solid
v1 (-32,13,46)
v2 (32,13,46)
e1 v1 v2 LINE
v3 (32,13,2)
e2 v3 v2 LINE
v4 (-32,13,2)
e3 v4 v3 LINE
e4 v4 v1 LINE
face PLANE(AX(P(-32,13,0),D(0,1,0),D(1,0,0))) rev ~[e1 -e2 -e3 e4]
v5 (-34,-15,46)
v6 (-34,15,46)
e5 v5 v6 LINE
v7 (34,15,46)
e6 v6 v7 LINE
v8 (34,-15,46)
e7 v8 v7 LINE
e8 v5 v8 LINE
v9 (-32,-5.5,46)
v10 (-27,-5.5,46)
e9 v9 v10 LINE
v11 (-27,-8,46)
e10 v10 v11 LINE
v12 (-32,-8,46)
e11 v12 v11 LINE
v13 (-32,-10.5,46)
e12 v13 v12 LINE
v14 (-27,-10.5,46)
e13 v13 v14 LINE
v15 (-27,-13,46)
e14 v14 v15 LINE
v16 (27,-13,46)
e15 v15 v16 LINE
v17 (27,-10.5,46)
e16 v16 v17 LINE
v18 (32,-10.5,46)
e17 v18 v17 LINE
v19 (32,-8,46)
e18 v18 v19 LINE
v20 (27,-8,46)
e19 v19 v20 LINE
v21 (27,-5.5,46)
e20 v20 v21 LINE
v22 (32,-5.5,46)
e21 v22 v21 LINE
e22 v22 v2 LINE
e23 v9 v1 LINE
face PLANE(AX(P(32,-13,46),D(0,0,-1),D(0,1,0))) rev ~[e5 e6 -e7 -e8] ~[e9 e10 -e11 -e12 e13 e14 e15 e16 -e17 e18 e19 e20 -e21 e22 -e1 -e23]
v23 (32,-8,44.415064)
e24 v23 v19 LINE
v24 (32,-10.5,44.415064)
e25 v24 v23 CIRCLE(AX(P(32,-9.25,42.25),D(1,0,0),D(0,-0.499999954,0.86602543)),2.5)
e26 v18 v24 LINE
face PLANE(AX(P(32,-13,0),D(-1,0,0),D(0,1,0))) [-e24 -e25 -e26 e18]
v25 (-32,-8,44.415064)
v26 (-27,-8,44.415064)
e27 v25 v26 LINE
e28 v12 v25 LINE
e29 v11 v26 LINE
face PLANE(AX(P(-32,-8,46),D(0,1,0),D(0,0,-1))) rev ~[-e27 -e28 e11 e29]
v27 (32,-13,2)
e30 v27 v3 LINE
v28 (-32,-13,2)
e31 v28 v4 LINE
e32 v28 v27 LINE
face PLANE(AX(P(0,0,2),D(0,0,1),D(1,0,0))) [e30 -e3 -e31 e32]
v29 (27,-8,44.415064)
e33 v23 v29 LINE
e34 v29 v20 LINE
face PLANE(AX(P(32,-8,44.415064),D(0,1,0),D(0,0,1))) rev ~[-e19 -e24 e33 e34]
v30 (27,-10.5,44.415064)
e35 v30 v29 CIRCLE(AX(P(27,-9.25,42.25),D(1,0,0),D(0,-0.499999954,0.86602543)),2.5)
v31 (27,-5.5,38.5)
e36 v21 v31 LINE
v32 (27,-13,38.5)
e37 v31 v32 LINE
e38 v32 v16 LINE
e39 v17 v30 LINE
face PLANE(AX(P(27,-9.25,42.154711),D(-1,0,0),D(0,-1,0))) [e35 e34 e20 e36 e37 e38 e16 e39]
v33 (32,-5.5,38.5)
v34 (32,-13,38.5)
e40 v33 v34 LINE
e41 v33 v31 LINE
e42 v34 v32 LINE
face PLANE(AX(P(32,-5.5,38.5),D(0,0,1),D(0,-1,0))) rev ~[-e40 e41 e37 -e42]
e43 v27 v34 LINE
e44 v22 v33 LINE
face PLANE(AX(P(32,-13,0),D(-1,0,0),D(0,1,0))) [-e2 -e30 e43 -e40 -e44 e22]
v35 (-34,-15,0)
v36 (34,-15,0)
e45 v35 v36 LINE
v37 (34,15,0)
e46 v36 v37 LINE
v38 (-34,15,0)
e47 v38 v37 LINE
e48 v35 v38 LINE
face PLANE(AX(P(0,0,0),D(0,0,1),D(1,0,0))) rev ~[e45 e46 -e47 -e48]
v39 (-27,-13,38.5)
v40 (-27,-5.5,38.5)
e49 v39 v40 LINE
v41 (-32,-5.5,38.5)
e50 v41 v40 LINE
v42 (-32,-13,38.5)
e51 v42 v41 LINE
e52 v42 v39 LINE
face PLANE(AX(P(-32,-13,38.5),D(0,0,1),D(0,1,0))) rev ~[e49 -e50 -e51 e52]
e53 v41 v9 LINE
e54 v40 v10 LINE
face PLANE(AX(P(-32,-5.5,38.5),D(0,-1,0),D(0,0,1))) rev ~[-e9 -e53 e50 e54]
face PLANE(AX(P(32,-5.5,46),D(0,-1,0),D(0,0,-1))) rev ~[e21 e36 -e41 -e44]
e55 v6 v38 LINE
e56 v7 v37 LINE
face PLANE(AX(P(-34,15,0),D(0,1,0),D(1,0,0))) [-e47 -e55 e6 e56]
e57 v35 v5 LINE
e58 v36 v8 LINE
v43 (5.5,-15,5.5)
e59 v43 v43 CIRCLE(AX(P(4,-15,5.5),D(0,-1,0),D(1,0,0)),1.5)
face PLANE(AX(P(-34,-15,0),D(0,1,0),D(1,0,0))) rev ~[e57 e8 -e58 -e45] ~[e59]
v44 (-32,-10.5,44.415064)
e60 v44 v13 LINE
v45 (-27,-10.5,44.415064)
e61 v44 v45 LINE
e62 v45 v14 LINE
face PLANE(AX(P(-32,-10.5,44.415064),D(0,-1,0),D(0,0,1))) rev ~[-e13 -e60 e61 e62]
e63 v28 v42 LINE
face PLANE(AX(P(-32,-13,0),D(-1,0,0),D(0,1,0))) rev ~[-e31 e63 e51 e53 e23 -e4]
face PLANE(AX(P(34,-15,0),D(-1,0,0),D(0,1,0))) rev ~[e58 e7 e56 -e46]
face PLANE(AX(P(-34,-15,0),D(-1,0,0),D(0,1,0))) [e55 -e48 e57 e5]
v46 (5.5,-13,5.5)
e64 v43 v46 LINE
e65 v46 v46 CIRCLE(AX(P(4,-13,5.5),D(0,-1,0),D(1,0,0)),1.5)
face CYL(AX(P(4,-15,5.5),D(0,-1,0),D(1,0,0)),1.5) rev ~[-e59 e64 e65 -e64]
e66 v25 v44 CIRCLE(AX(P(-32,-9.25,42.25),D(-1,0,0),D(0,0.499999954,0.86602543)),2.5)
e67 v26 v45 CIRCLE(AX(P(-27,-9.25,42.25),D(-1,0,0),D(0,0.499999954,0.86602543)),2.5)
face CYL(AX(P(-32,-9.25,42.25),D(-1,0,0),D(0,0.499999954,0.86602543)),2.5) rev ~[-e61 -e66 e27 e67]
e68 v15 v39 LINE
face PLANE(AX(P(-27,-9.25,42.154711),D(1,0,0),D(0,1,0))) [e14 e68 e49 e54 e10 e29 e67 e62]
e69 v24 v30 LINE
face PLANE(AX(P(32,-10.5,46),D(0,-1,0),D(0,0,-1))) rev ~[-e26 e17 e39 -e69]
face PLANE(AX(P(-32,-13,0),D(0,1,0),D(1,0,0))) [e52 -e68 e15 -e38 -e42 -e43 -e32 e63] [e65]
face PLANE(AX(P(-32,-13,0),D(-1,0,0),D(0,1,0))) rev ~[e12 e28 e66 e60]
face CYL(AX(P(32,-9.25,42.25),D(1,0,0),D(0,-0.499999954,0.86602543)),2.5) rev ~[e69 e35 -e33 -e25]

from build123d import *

# Parameters (mm, degrees)
F0_W     = 68
F0_H     = 30
F0_W_2   = 64
F0_H_2   = 26
F1_DEPTH = 46
F2_DEPTH = 2
F3_R     = 1.5
F4_DEPTH = 3
F6_DEPTH = 5
F8_DEPTH = 5


with BuildPart() as f1:
    # F0 (on Top) → F1 (new body)
    with BuildSketch(Plane.XY):
        Rectangle(F0_W, F0_H)
        Rectangle(F0_W_2, F0_H_2, mode=Mode.SUBTRACT)
    extrude(amount=F1_DEPTH)

    # F0 (on Top) → F2 (join)
    with BuildSketch(Plane.XY):
        Rectangle(F0_W, F0_H)
        Rectangle(F0_W_2, F0_H_2, mode=Mode.SUBTRACT)
        Rectangle(F0_W_2, F0_H_2)
    extrude(amount=F2_DEPTH)

    # F3 (on face) → F4 (cut)
    with BuildSketch(Plane.XZ.offset(15)):
        with Locations((4, 5.5)):
            Circle(F3_R)
    extrude(amount=-F4_DEPTH, mode=Mode.SUBTRACT)

    # F5 (on face) → F6 (join)
    with BuildSketch(Plane.YZ.offset(-32)):
        with BuildLine():
            Line((-10.5, 46), (-13, 46))
            Line((-13, 46), (-13, 38.5))
            Line((-13, 38.5), (-10.5, 38.5))
            Line((-10.5, 38.5), (-8, 38.5))
            Line((-8, 38.5), (-5.5, 38.5))
            Line((-5.5, 38.5), (-5.5, 46))
            Line((-5.5, 46), (-8, 46))
            Line((-8, 46), (-8, 44.415064))
            ThreePointArc((-8, 44.415064), (-9.25, 39.75), (-10.5, 44.415064))
            Line((-10.5, 44.415064), (-10.5, 46))
        make_face()
    extrude(amount=F6_DEPTH)

    # F7 (on face) → F8 (join)
    with BuildSketch(Plane(origin=(32, 0, 0), x_dir=(0, -1, 0), z_dir=(-1, 0, 0))):
        with BuildLine():
            Line((13, 38.5), (13, 46))
            Line((13, 46), (10.5, 46))
            Line((10.5, 46), (10.5, 44.415064))
            ThreePointArc((10.5, 44.415064), (9.25, 39.75), (8, 44.415064))
            Line((8, 44.415064), (8, 46))
            Line((8, 46), (5.5, 46))
            Line((5.5, 46), (5.5, 38.5))
            Line((5.5, 38.5), (8, 38.5))
            Line((8, 38.5), (10.5, 38.5))
            Line((10.5, 38.5), (13, 38.5))
        make_face()
    extrude(amount=F8_DEPTH)


solid = f1.part
